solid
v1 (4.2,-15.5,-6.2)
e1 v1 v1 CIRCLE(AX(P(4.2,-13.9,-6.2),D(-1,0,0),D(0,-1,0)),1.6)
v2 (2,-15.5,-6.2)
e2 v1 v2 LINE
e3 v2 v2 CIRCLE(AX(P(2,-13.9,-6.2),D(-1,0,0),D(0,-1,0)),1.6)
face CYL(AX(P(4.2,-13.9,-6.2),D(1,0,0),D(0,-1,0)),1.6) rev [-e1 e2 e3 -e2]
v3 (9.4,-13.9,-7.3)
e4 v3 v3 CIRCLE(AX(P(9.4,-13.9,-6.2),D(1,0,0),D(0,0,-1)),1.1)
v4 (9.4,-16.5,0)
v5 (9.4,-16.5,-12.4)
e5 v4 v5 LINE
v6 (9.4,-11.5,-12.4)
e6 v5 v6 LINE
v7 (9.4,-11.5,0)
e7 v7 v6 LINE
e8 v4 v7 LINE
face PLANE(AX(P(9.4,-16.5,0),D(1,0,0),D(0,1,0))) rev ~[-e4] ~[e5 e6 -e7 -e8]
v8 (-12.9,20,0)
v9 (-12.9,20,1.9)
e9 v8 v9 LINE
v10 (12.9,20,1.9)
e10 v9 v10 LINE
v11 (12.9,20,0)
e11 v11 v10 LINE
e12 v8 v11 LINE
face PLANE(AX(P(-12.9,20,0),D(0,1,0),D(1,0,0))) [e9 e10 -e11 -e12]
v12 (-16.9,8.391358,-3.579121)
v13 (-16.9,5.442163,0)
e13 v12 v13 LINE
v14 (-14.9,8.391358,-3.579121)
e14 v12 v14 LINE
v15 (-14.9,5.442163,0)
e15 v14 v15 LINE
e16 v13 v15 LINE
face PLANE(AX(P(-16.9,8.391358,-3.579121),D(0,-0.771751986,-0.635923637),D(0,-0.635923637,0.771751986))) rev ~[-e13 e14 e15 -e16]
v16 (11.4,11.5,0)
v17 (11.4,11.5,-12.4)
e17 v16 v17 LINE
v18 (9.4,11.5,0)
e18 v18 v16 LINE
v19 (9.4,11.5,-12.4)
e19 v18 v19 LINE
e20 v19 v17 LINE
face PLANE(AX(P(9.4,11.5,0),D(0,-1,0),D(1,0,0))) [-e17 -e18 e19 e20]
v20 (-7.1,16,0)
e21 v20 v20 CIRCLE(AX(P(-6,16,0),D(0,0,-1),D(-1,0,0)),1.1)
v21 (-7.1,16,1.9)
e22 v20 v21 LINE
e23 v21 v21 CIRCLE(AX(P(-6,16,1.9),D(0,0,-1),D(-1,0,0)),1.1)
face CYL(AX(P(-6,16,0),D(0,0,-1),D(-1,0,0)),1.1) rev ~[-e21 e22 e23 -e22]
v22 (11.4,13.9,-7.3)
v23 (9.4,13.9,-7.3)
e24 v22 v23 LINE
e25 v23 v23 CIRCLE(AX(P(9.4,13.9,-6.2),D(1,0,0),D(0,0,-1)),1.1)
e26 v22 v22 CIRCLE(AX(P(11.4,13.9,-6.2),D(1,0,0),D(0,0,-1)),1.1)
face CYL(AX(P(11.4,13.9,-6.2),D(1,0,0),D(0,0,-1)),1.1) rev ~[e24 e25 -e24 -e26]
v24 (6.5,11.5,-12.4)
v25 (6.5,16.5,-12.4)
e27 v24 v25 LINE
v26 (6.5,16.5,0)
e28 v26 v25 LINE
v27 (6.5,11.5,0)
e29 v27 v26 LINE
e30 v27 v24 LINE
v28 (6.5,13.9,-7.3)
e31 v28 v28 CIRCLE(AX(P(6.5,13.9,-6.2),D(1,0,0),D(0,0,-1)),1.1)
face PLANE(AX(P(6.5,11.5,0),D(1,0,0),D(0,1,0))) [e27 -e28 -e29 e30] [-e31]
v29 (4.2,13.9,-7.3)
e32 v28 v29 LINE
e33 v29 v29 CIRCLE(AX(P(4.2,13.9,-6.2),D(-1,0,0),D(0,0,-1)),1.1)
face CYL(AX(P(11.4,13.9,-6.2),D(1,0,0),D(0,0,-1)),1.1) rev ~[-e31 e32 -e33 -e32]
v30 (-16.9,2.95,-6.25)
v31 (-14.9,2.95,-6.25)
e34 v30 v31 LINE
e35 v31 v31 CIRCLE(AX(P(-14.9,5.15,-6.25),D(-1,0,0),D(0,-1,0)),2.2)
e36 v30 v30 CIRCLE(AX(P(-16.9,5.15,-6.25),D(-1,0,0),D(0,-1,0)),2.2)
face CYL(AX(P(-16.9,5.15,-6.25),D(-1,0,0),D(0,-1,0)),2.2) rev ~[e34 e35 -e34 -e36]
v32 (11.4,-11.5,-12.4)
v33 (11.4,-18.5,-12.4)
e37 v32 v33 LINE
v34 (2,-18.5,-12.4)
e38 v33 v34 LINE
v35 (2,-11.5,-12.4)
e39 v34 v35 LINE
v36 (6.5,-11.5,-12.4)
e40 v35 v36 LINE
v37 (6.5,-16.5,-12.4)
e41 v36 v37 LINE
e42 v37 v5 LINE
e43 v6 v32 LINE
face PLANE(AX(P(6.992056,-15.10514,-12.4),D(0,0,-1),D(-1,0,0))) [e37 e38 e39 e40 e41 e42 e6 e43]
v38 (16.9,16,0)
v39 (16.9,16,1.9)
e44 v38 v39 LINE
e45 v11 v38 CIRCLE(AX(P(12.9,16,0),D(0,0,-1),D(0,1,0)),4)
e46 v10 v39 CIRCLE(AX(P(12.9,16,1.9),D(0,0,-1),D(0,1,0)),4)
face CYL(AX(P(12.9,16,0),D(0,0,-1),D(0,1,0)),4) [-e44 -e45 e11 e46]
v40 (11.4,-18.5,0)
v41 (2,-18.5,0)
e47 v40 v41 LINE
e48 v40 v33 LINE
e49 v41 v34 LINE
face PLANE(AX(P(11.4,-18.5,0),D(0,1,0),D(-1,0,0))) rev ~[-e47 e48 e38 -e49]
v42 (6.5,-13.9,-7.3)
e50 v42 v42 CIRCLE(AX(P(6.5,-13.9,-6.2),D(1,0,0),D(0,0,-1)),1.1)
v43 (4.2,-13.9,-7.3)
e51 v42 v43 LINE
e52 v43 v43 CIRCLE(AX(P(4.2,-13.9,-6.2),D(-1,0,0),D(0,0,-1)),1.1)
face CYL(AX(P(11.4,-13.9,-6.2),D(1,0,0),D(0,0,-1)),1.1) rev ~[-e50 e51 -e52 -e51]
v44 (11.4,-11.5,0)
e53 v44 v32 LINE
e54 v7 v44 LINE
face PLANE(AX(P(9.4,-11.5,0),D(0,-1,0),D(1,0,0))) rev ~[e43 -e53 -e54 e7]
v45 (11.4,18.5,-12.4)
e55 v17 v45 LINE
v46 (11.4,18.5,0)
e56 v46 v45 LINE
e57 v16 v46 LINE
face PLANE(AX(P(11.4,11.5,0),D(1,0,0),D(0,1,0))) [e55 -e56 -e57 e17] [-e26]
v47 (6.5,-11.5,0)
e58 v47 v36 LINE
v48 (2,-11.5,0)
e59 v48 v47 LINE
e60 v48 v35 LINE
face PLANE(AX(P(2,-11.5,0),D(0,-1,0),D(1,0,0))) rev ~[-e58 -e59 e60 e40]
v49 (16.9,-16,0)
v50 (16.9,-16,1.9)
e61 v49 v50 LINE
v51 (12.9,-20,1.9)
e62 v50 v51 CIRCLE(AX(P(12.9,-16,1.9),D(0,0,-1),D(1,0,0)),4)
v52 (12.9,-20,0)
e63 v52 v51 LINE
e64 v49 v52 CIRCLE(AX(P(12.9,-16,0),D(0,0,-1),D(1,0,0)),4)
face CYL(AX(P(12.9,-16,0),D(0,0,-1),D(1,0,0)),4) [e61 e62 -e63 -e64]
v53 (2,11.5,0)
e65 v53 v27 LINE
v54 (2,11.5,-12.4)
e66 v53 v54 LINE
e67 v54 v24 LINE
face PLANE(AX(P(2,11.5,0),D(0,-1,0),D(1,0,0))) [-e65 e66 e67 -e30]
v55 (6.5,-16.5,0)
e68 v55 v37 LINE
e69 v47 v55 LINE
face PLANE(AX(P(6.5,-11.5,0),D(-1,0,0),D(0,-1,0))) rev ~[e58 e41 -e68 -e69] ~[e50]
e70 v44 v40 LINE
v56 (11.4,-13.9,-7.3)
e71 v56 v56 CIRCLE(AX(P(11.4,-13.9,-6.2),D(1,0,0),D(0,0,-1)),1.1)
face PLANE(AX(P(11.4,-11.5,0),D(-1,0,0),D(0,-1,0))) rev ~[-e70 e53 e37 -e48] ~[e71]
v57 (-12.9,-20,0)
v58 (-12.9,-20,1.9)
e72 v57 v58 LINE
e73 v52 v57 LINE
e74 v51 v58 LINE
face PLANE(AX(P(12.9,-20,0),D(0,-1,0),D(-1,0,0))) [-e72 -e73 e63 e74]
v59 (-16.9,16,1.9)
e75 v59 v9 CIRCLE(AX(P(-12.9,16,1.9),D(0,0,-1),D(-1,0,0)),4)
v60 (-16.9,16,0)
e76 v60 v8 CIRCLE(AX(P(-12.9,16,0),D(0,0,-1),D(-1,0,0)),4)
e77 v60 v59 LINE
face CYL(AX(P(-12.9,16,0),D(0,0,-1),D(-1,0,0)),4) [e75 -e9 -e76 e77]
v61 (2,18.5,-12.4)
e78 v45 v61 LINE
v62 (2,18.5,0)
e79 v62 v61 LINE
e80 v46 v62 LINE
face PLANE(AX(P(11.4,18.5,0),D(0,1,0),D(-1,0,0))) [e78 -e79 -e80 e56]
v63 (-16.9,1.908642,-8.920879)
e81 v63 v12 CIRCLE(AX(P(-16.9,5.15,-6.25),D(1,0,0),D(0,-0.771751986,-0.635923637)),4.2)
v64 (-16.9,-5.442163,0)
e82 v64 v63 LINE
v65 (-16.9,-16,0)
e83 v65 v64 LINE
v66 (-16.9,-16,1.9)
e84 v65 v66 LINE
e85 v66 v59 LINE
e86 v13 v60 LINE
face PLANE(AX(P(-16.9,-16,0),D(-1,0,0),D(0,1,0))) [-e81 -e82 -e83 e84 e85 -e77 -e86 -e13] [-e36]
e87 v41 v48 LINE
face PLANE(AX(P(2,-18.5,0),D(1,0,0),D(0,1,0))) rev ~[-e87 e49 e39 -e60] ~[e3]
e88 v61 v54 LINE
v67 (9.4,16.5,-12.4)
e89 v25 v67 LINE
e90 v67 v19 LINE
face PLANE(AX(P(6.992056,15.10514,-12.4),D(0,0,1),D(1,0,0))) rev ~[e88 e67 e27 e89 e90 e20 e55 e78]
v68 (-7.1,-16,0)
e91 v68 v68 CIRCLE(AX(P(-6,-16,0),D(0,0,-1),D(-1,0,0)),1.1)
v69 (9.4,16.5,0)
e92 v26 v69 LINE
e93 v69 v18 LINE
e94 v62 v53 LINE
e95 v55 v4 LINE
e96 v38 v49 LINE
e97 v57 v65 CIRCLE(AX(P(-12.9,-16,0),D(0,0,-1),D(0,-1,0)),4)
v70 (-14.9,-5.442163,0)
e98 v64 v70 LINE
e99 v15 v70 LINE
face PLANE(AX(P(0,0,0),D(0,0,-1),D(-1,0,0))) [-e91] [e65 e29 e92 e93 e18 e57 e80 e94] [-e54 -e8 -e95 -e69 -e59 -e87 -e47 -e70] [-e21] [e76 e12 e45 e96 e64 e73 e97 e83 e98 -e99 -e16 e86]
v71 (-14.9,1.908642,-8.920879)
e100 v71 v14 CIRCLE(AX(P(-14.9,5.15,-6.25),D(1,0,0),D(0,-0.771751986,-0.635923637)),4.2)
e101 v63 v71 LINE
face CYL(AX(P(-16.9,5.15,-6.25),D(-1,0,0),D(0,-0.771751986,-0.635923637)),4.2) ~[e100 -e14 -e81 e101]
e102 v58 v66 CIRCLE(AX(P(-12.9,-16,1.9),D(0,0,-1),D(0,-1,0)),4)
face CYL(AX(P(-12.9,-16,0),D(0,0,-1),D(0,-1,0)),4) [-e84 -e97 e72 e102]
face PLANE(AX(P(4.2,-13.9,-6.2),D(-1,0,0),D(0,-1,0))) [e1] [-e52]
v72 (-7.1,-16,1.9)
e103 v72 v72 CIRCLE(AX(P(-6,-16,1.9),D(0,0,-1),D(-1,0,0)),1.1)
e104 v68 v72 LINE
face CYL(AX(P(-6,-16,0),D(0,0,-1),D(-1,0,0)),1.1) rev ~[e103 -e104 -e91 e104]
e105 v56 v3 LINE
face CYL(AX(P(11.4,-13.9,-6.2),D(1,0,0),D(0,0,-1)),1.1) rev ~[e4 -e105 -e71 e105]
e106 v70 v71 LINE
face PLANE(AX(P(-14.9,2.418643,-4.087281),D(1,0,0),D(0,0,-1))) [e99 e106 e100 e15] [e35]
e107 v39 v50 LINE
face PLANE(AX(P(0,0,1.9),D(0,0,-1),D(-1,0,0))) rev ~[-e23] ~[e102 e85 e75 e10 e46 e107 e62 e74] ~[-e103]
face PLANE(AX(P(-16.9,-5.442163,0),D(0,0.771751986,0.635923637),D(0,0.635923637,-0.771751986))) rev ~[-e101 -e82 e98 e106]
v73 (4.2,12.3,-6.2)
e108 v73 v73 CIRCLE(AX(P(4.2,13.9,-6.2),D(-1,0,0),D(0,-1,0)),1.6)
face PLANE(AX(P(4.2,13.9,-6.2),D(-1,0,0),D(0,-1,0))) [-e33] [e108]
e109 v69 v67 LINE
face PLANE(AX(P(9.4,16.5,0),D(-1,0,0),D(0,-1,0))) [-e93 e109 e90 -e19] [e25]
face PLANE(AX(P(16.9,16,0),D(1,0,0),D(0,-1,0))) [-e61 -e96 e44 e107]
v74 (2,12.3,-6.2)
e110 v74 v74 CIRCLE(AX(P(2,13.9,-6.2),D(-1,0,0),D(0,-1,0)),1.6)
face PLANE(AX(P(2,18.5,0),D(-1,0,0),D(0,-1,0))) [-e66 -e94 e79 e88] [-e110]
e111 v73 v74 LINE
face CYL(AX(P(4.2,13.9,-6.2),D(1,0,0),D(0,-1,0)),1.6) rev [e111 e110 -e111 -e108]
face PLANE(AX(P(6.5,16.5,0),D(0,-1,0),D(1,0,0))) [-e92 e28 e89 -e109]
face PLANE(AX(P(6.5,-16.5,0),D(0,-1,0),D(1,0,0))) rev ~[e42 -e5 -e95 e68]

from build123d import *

# Parameters (mm, degrees)
DODANIE_WYCI_GNI_CIE1_DEPTH = 1.9
DODANIE_WYCI_GNI_CIE3_DEPTH = 12.4
ESQUISSE4_R                 = 2.2
BOSS_EXTRU_2_DEPTH          = 2
ESQUISSE5_R                 = 1.1
ENL_V_MAT_EXTRU_2_DEPTH     = 29.971882921
ENL_V_MAT_EXTRU_4_REACH     = 38.806
ESQUISSE6_R                 = 1.1
ENL_V_START                 = -2.2
ESQUISSE7_R                 = 1.6
ESQUISSE7_R_2               = 1.1
ENL_V_MAT_EXTRU_5_DEPTH     = 2.2


with BuildPart() as part:
    # Szkic1 → Dodanie-wyciągnięcie1 (new body)
    with BuildSketch(Plane.XY):
        with BuildLine():
            Line((-12.9, 20), (12.9, 20))
            ThreePointArc((12.9, 20), (15.728427125, 18.828427125), (16.9, 16))
            Line((16.9, 16), (16.9, -16))
            ThreePointArc((16.9, -16), (15.728427125, -18.828427125), (12.9, -20))
            Line((12.9, -20), (-12.9, -20))
            ThreePointArc((-12.9, -20), (-15.728427125, -18.828427125), (-16.9, -16))
            Line((-16.9, -16), (-16.9, 16))
            ThreePointArc((-16.9, 16), (-15.728427125, 18.828427125), (-12.9, 20))
        make_face()
    extrude(amount=DODANIE_WYCI_GNI_CIE1_DEPTH)

    # Szkic3 → Dodanie-wyciągnięcie3 (add)
    with BuildSketch(Plane(origin=(0, 0, 0), x_dir=(-1, 0, 0), z_dir=(0, 0, -1))):
        Polygon((-9.4, -16.5), (-9.4, -11.5), (-11.4, -11.5), (-11.4, -18.5), (-2, -18.5), (-2, -11.5), (-6.5, -11.5), (-6.5, -16.5), align=None)
        Polygon((-9.4, 11.5), (-11.4, 11.5), (-11.4, 18.5), (-2, 18.5), (-2, 11.5), (-6.5, 11.5), (-6.5, 16.5), (-9.4, 16.5), align=None)
    extrude(amount=DODANIE_WYCI_GNI_CIE3_DEPTH)

    # Esquisse4 → Boss.-Extru.2 (add)
    with BuildSketch(Plane.ZY.offset(16.9)):
        with BuildLine():
            Line((-3.579120726, 8.391358342), (0, 5.442162864))
            Line((0, 5.442162864), (0, -5.442162864))
            Line((0, -5.442162864), (-8.920879274, 1.908641658))
            ThreePointArc((-8.920879274, 1.908641658), (-9.491358342, 7.820879274), (-3.579120726, 8.391358342))
        make_face()
        with Locations(Location((-6.25, 5.15, 0), (0, 0, 270))):
            Circle(ESQUISSE4_R, mode=Mode.SUBTRACT)
    extrude(amount=-BOSS_EXTRU_2_DEPTH)

    # Esquisse5 → Enlèv. mat.-Extru.2 (cut, through all)
    with BuildSketch(Plane(origin=(0, 0, 0), x_dir=(-1, 0, 0), z_dir=(0, 0, -1))):
        with Locations((6, 16)):
            Circle(ESQUISSE5_R)
        with Locations((6, -16)):
            Circle(ESQUISSE5_R)
    extrude(amount=-ENL_V_MAT_EXTRU_2_DEPTH, mode=Mode.SUBTRACT)

    # Enlèv. mat.-Extru.4: up to this face of the body (flat: up to its plane)
    enl_v_mat_extru_4_end = Plane(part.part.faces().sort_by_distance((2, 15, -6.2))[0])
    # Esquisse6 → Enlèv. mat.-Extru.4 (cut, up to the picked face)
    with BuildSketch(Plane(origin=(11.4, 0, 0), x_dir=(0, 0, -1), z_dir=(1, 0, 0)), mode=Mode.PRIVATE) as enl_v_mat_extru_4_sk1:
        with Locations((6.2, 13.9)):
            Circle(ESQUISSE6_R)
    enl_v_mat_extru_4_tool1 = split(extrude(enl_v_mat_extru_4_sk1.sketch, amount=-ENL_V_MAT_EXTRU_4_REACH, mode=Mode.PRIVATE), bisect_by=enl_v_mat_extru_4_end, keep=Keep.BOTH, mode=Mode.PRIVATE)
    # Esquisse6 → Enlèv. mat.-Extru.4 (cut, up to the picked face)
    with BuildSketch(Plane(origin=(11.4, 0, 0), x_dir=(0, 0, -1), z_dir=(1, 0, 0)), mode=Mode.PRIVATE) as enl_v_mat_extru_4_sk2:
        with Locations((6.2, -13.9)):
            Circle(ESQUISSE6_R)
    enl_v_mat_extru_4_tool2 = split(extrude(enl_v_mat_extru_4_sk2.sketch, amount=-ENL_V_MAT_EXTRU_4_REACH, mode=Mode.PRIVATE), bisect_by=enl_v_mat_extru_4_end, keep=Keep.BOTH, mode=Mode.PRIVATE)
    add(enl_v_mat_extru_4_tool1.solids().sort_by(Axis((11.4, 13.9, -6.2), (-1, 0, 0)))[0], mode=Mode.SUBTRACT)
    add(enl_v_mat_extru_4_tool2.solids().sort_by(Axis((11.4, -13.9, -6.2), (-1, 0, 0)))[0], mode=Mode.SUBTRACT)

    # Esquisse7 → Enlèv. mat.-Extru.5 (cut)
    # profile 1 of 4: a face of its own
    with BuildSketch(Plane.ZY.offset(-2).offset(ENL_V_START)):
        with Locations(Location((-6.2, 13.9, 0), (0, 0, 270))):
            Circle(ESQUISSE7_R)
        with Locations(Location((-6.2, 13.9, 0), (0, 0, 180))):
            Circle(ESQUISSE7_R_2, mode=Mode.SUBTRACT)
    # profile 2 of 4: a face of its own
    with BuildSketch(Plane.ZY.offset(-2).offset(ENL_V_START)):
        with Locations(Location((-6.2, 13.9, 0), (0, 0, 180))):
            Circle(ESQUISSE7_R_2)
    # profile 3 of 4: a face of its own
    with BuildSketch(Plane.ZY.offset(-2).offset(ENL_V_START)):
        with Locations(Location((-6.2, -13.9, 0), (0, 0, 270))):
            Circle(ESQUISSE7_R)
        with Locations(Location((-6.2, -13.9, 0), (0, 0, 270))):
            Circle(ESQUISSE7_R_2, mode=Mode.SUBTRACT)
    # profile 4 of 4: a face of its own
    with BuildSketch(Plane.ZY.offset(-2).offset(ENL_V_START)):
        with Locations(Location((-6.2, -13.9, 0), (0, 0, 270))):
            Circle(ESQUISSE7_R_2)
    extrude(amount=ENL_V_MAT_EXTRU_5_DEPTH, mode=Mode.SUBTRACT)


solid = part.part
